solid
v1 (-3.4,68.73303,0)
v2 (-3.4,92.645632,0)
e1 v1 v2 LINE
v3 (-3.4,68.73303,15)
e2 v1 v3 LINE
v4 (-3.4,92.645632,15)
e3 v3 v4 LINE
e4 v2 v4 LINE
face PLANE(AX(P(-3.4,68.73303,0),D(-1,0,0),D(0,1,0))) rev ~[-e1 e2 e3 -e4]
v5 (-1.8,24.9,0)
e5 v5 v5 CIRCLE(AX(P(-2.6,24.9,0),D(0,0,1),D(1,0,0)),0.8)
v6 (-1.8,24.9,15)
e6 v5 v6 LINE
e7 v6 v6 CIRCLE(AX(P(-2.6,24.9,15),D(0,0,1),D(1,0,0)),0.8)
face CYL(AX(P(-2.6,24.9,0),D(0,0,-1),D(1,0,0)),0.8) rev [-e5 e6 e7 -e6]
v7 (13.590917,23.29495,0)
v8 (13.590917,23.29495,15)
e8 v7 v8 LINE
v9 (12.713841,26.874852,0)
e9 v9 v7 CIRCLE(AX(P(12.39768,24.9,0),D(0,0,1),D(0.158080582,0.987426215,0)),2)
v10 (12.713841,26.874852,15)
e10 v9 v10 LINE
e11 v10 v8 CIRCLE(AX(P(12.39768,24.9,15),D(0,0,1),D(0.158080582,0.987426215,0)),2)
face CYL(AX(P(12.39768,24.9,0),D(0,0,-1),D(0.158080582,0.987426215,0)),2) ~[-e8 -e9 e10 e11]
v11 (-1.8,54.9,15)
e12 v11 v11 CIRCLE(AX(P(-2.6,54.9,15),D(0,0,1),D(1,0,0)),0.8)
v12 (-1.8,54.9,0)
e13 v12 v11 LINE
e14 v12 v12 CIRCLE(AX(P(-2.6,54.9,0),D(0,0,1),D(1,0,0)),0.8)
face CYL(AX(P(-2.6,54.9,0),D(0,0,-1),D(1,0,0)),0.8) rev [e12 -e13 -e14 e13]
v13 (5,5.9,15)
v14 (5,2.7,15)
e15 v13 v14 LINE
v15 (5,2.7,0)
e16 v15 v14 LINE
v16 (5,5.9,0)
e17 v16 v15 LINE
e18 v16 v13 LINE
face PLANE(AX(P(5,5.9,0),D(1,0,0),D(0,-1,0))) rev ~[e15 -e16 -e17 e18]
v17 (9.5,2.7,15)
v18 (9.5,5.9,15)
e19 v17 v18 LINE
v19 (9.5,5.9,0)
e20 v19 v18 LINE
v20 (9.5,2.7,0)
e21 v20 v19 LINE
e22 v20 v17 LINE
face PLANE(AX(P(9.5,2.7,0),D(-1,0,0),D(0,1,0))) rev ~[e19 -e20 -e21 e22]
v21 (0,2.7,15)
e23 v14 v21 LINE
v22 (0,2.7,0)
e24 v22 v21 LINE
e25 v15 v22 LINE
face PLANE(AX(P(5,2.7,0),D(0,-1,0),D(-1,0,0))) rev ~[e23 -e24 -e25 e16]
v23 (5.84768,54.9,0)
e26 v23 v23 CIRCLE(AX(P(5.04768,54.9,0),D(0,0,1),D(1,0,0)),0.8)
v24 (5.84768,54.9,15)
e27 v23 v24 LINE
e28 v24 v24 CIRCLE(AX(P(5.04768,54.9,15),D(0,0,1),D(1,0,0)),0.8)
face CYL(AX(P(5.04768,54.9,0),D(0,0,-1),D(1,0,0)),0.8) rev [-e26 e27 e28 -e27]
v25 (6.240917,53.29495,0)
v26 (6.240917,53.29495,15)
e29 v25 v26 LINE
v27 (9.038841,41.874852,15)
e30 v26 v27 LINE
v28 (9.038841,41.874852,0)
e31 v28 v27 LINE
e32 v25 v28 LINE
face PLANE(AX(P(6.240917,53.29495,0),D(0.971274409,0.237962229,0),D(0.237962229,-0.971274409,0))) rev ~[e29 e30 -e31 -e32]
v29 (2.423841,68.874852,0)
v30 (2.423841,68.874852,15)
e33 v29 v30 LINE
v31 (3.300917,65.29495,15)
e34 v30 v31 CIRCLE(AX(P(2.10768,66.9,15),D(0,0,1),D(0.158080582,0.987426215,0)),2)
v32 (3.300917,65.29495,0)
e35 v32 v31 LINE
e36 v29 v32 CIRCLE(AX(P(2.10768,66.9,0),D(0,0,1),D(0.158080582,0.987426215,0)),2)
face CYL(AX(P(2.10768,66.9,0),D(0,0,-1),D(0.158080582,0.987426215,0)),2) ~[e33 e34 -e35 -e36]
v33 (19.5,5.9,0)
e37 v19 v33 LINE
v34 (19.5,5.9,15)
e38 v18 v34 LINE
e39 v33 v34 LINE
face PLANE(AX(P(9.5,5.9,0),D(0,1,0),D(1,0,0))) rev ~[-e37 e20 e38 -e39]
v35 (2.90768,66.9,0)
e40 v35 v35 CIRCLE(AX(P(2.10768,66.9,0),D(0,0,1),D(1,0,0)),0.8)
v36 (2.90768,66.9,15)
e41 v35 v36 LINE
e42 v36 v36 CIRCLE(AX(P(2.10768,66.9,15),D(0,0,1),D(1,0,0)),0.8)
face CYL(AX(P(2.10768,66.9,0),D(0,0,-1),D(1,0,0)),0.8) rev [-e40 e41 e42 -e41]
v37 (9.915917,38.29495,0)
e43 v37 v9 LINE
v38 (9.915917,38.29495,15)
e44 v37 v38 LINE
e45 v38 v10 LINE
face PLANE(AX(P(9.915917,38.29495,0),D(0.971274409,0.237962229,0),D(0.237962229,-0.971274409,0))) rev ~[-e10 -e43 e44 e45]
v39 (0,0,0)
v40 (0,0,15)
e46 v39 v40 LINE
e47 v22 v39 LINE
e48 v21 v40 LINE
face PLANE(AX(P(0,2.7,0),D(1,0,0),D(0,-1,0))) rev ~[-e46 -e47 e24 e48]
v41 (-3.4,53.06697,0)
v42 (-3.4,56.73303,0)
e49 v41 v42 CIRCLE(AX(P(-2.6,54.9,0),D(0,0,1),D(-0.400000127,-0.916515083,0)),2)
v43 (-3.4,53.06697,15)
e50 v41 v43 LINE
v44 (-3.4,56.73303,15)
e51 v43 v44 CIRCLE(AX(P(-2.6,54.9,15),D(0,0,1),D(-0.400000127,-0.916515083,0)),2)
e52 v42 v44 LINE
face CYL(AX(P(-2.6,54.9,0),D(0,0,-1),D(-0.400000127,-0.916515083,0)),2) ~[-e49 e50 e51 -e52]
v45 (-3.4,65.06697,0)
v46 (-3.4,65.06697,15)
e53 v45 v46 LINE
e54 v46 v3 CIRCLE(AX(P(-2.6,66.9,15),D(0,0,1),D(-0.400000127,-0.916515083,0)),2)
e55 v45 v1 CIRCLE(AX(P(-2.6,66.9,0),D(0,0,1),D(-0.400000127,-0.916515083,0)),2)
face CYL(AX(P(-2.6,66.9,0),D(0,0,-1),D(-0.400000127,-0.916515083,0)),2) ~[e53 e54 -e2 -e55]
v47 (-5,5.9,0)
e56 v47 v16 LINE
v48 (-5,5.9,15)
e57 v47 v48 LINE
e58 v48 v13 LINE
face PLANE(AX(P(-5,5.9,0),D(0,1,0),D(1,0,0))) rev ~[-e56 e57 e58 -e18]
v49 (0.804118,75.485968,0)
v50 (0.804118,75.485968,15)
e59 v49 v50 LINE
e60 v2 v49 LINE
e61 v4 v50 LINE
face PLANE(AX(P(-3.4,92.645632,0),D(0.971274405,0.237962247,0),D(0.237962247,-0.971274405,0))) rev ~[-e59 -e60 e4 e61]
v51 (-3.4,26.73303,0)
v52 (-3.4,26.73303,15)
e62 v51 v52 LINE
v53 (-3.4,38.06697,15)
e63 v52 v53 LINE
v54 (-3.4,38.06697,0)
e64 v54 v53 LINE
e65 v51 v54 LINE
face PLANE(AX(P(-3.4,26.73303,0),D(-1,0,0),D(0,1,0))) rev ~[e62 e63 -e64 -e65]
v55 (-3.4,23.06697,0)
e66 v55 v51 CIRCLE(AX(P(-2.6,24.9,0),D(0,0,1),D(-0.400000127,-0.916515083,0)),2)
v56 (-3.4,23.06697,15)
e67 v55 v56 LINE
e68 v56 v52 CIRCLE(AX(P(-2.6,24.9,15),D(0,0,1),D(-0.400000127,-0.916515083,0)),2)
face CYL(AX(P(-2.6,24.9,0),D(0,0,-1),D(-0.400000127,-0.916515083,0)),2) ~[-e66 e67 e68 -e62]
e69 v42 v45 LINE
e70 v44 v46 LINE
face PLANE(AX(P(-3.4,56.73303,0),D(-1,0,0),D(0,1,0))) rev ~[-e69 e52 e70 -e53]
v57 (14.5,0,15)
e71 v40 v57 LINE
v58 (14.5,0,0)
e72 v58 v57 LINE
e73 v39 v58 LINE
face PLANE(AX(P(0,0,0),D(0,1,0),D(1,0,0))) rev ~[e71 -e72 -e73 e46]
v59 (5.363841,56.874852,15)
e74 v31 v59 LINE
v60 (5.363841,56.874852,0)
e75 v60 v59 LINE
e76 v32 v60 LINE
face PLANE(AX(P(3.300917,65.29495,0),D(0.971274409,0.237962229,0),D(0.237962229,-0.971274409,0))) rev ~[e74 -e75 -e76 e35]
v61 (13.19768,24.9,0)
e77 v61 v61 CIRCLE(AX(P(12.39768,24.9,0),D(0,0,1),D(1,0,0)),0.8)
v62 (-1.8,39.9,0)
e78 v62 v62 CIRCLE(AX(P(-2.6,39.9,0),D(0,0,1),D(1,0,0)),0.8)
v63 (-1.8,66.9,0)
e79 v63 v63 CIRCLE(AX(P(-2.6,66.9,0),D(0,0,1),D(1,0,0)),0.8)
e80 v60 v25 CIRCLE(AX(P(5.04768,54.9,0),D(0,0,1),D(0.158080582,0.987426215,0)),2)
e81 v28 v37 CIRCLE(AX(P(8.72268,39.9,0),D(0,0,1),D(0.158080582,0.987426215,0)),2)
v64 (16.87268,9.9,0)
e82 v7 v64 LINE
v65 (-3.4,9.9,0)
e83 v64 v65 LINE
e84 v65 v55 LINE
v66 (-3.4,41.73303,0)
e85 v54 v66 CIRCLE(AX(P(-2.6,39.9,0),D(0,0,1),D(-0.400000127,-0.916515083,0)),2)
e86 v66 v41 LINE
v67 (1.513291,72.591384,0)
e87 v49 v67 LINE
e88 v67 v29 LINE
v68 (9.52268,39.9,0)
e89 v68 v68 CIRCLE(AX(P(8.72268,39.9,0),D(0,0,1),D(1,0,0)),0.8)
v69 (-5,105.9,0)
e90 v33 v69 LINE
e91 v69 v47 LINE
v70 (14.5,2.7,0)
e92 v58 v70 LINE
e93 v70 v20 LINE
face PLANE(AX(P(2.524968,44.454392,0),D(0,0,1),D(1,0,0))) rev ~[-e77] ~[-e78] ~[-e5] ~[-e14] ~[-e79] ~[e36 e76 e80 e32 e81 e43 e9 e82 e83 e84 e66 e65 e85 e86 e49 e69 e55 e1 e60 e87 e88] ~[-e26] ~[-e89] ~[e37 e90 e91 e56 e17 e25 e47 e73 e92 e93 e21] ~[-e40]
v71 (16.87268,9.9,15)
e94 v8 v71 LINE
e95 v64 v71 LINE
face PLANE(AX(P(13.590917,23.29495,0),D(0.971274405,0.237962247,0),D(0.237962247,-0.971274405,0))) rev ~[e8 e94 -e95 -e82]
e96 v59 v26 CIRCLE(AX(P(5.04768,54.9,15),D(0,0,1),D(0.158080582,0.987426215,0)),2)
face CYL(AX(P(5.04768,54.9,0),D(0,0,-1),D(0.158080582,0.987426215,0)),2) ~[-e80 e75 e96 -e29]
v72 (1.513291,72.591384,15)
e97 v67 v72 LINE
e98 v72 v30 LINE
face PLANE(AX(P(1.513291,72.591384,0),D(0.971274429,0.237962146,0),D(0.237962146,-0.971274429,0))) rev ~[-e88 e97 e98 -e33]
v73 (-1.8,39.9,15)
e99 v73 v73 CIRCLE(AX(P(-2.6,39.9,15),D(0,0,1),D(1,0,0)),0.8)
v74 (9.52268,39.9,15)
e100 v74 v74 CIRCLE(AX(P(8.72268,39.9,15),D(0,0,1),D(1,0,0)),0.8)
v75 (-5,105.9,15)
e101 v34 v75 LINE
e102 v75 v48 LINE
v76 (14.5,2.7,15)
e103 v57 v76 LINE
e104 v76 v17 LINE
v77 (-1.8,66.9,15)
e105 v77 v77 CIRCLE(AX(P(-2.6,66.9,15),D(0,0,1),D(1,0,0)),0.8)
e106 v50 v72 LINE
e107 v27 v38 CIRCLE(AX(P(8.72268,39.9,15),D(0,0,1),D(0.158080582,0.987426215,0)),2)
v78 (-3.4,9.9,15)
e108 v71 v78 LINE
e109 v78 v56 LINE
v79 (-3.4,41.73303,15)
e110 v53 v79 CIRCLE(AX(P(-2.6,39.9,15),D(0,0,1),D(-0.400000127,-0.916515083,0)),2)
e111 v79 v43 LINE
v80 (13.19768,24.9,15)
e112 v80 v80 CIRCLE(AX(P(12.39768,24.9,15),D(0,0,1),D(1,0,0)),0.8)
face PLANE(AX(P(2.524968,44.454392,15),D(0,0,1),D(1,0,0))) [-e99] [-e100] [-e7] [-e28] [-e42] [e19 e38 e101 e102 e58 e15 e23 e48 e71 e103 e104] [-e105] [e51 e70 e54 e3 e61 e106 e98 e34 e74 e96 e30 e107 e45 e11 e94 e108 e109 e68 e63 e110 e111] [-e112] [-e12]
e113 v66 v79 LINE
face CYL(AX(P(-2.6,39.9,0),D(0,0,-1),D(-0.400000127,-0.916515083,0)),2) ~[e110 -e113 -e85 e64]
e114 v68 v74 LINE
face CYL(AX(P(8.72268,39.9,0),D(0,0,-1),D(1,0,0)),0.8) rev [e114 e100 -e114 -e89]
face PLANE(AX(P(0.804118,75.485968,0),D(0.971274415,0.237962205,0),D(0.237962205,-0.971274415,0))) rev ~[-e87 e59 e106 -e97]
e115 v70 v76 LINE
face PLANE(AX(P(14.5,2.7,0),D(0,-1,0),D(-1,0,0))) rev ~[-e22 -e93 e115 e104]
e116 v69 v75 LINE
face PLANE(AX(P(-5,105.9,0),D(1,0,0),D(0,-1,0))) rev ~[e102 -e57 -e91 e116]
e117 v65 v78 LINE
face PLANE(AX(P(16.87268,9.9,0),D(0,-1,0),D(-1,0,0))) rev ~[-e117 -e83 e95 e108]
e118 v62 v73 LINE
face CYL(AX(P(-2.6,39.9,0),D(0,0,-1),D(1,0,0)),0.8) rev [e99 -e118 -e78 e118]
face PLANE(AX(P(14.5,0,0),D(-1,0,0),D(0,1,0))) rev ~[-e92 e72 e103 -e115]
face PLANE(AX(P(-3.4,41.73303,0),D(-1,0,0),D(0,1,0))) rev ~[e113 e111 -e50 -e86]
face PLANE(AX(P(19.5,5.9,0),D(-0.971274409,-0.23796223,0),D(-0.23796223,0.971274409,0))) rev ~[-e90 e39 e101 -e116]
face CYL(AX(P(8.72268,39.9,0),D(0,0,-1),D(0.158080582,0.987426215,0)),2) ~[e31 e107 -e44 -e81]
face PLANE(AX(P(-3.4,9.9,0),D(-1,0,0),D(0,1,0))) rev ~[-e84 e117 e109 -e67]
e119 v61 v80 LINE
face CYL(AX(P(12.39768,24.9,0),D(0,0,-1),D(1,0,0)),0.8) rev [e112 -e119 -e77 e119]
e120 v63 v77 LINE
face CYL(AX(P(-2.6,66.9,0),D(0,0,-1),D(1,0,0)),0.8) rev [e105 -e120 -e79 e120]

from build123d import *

# Parameters (mm, degrees)
F0_R     = 0.8
F1_DEPTH = 15


with BuildPart() as f1:
    # F0 (on Top) → F1 (new body)
    with BuildSketch(Plane.XY):
        Polygon((0, 2.7), (0, 0), (14.5, 0), (14.5, 2.7), (9.5, 2.7), (9.5, 5.9), (19.5, 5.9), (-5, 105.9), (-5, 5.9), (5, 5.9), (5, 2.7), align=None)
        with Locations((-2.6, 24.9)):
            Circle(F0_R, mode=Mode.SUBTRACT)
        with Locations((-2.6, 39.9)):
            Circle(F0_R, mode=Mode.SUBTRACT)
        with BuildLine():
            Line((16.87268, 9.9), (-3.4, 9.9))
            Line((-3.4, 9.9), (-3.4, 23.06697))
            ThreePointArc((-3.4, 23.06697), (-0.6, 24.9), (-3.4, 26.73303))
            Line((-3.4, 26.73303), (-3.4, 38.06697))
            ThreePointArc((-3.4, 38.06697), (-0.6, 39.9), (-3.4, 41.73303))
            Line((-3.4, 41.73303), (-3.4, 53.06697))
            ThreePointArc((-3.4, 53.06697), (-0.6, 54.9), (-3.4, 56.73303))
            Line((-3.4, 56.73303), (-3.4, 65.06697))
            ThreePointArc((-3.4, 65.06697), (-0.6, 66.9), (-3.4, 68.73303))
            Line((-3.4, 68.73303), (-3.4, 72.41676))
            Line((-3.4, 72.41676), (-3.4, 75.38324))
            Line((-3.4, 75.38324), (-3.4, 92.645632))
            Line((-3.4, 92.645632), (0.804118, 75.485968))
            Line((0.804118, 75.485968), (1.513291, 72.591384))
            Line((1.513291, 72.591384), (2.423841, 68.874852))
            ThreePointArc((2.423841, 68.874852), (0.165131, 66.424076), (3.300917, 65.29495))
            Line((3.300917, 65.29495), (5.363841, 56.874852))
            ThreePointArc((5.363841, 56.874852), (3.105131, 54.424076), (6.240917, 53.29495))
            Line((6.240917, 53.29495), (9.038841, 41.874852))
            ThreePointArc((9.038841, 41.874852), (6.780131, 39.424076), (9.915917, 38.29495))
            Line((9.915917, 38.29495), (12.713841, 26.874852))
            ThreePointArc((12.713841, 26.874852), (10.455131, 24.424076), (13.590917, 23.29495))
            Line((13.590917, 23.29495), (16.87268, 9.9))
        make_face(mode=Mode.SUBTRACT)
        with Locations((12.39768, 24.9)):
            Circle(F0_R, mode=Mode.SUBTRACT)
        with Locations((8.72268, 39.9)):
            Circle(F0_R, mode=Mode.SUBTRACT)
        with Locations((-2.6, 54.9)):
            Circle(F0_R, mode=Mode.SUBTRACT)
        with Locations((-2.6, 66.9)):
            Circle(F0_R, mode=Mode.SUBTRACT)
        with Locations((5.04768, 54.9)):
            Circle(F0_R, mode=Mode.SUBTRACT)
        with Locations((2.10768, 66.9)):
            Circle(F0_R, mode=Mode.SUBTRACT)
    extrude(amount=F1_DEPTH)


solid = f1.part
